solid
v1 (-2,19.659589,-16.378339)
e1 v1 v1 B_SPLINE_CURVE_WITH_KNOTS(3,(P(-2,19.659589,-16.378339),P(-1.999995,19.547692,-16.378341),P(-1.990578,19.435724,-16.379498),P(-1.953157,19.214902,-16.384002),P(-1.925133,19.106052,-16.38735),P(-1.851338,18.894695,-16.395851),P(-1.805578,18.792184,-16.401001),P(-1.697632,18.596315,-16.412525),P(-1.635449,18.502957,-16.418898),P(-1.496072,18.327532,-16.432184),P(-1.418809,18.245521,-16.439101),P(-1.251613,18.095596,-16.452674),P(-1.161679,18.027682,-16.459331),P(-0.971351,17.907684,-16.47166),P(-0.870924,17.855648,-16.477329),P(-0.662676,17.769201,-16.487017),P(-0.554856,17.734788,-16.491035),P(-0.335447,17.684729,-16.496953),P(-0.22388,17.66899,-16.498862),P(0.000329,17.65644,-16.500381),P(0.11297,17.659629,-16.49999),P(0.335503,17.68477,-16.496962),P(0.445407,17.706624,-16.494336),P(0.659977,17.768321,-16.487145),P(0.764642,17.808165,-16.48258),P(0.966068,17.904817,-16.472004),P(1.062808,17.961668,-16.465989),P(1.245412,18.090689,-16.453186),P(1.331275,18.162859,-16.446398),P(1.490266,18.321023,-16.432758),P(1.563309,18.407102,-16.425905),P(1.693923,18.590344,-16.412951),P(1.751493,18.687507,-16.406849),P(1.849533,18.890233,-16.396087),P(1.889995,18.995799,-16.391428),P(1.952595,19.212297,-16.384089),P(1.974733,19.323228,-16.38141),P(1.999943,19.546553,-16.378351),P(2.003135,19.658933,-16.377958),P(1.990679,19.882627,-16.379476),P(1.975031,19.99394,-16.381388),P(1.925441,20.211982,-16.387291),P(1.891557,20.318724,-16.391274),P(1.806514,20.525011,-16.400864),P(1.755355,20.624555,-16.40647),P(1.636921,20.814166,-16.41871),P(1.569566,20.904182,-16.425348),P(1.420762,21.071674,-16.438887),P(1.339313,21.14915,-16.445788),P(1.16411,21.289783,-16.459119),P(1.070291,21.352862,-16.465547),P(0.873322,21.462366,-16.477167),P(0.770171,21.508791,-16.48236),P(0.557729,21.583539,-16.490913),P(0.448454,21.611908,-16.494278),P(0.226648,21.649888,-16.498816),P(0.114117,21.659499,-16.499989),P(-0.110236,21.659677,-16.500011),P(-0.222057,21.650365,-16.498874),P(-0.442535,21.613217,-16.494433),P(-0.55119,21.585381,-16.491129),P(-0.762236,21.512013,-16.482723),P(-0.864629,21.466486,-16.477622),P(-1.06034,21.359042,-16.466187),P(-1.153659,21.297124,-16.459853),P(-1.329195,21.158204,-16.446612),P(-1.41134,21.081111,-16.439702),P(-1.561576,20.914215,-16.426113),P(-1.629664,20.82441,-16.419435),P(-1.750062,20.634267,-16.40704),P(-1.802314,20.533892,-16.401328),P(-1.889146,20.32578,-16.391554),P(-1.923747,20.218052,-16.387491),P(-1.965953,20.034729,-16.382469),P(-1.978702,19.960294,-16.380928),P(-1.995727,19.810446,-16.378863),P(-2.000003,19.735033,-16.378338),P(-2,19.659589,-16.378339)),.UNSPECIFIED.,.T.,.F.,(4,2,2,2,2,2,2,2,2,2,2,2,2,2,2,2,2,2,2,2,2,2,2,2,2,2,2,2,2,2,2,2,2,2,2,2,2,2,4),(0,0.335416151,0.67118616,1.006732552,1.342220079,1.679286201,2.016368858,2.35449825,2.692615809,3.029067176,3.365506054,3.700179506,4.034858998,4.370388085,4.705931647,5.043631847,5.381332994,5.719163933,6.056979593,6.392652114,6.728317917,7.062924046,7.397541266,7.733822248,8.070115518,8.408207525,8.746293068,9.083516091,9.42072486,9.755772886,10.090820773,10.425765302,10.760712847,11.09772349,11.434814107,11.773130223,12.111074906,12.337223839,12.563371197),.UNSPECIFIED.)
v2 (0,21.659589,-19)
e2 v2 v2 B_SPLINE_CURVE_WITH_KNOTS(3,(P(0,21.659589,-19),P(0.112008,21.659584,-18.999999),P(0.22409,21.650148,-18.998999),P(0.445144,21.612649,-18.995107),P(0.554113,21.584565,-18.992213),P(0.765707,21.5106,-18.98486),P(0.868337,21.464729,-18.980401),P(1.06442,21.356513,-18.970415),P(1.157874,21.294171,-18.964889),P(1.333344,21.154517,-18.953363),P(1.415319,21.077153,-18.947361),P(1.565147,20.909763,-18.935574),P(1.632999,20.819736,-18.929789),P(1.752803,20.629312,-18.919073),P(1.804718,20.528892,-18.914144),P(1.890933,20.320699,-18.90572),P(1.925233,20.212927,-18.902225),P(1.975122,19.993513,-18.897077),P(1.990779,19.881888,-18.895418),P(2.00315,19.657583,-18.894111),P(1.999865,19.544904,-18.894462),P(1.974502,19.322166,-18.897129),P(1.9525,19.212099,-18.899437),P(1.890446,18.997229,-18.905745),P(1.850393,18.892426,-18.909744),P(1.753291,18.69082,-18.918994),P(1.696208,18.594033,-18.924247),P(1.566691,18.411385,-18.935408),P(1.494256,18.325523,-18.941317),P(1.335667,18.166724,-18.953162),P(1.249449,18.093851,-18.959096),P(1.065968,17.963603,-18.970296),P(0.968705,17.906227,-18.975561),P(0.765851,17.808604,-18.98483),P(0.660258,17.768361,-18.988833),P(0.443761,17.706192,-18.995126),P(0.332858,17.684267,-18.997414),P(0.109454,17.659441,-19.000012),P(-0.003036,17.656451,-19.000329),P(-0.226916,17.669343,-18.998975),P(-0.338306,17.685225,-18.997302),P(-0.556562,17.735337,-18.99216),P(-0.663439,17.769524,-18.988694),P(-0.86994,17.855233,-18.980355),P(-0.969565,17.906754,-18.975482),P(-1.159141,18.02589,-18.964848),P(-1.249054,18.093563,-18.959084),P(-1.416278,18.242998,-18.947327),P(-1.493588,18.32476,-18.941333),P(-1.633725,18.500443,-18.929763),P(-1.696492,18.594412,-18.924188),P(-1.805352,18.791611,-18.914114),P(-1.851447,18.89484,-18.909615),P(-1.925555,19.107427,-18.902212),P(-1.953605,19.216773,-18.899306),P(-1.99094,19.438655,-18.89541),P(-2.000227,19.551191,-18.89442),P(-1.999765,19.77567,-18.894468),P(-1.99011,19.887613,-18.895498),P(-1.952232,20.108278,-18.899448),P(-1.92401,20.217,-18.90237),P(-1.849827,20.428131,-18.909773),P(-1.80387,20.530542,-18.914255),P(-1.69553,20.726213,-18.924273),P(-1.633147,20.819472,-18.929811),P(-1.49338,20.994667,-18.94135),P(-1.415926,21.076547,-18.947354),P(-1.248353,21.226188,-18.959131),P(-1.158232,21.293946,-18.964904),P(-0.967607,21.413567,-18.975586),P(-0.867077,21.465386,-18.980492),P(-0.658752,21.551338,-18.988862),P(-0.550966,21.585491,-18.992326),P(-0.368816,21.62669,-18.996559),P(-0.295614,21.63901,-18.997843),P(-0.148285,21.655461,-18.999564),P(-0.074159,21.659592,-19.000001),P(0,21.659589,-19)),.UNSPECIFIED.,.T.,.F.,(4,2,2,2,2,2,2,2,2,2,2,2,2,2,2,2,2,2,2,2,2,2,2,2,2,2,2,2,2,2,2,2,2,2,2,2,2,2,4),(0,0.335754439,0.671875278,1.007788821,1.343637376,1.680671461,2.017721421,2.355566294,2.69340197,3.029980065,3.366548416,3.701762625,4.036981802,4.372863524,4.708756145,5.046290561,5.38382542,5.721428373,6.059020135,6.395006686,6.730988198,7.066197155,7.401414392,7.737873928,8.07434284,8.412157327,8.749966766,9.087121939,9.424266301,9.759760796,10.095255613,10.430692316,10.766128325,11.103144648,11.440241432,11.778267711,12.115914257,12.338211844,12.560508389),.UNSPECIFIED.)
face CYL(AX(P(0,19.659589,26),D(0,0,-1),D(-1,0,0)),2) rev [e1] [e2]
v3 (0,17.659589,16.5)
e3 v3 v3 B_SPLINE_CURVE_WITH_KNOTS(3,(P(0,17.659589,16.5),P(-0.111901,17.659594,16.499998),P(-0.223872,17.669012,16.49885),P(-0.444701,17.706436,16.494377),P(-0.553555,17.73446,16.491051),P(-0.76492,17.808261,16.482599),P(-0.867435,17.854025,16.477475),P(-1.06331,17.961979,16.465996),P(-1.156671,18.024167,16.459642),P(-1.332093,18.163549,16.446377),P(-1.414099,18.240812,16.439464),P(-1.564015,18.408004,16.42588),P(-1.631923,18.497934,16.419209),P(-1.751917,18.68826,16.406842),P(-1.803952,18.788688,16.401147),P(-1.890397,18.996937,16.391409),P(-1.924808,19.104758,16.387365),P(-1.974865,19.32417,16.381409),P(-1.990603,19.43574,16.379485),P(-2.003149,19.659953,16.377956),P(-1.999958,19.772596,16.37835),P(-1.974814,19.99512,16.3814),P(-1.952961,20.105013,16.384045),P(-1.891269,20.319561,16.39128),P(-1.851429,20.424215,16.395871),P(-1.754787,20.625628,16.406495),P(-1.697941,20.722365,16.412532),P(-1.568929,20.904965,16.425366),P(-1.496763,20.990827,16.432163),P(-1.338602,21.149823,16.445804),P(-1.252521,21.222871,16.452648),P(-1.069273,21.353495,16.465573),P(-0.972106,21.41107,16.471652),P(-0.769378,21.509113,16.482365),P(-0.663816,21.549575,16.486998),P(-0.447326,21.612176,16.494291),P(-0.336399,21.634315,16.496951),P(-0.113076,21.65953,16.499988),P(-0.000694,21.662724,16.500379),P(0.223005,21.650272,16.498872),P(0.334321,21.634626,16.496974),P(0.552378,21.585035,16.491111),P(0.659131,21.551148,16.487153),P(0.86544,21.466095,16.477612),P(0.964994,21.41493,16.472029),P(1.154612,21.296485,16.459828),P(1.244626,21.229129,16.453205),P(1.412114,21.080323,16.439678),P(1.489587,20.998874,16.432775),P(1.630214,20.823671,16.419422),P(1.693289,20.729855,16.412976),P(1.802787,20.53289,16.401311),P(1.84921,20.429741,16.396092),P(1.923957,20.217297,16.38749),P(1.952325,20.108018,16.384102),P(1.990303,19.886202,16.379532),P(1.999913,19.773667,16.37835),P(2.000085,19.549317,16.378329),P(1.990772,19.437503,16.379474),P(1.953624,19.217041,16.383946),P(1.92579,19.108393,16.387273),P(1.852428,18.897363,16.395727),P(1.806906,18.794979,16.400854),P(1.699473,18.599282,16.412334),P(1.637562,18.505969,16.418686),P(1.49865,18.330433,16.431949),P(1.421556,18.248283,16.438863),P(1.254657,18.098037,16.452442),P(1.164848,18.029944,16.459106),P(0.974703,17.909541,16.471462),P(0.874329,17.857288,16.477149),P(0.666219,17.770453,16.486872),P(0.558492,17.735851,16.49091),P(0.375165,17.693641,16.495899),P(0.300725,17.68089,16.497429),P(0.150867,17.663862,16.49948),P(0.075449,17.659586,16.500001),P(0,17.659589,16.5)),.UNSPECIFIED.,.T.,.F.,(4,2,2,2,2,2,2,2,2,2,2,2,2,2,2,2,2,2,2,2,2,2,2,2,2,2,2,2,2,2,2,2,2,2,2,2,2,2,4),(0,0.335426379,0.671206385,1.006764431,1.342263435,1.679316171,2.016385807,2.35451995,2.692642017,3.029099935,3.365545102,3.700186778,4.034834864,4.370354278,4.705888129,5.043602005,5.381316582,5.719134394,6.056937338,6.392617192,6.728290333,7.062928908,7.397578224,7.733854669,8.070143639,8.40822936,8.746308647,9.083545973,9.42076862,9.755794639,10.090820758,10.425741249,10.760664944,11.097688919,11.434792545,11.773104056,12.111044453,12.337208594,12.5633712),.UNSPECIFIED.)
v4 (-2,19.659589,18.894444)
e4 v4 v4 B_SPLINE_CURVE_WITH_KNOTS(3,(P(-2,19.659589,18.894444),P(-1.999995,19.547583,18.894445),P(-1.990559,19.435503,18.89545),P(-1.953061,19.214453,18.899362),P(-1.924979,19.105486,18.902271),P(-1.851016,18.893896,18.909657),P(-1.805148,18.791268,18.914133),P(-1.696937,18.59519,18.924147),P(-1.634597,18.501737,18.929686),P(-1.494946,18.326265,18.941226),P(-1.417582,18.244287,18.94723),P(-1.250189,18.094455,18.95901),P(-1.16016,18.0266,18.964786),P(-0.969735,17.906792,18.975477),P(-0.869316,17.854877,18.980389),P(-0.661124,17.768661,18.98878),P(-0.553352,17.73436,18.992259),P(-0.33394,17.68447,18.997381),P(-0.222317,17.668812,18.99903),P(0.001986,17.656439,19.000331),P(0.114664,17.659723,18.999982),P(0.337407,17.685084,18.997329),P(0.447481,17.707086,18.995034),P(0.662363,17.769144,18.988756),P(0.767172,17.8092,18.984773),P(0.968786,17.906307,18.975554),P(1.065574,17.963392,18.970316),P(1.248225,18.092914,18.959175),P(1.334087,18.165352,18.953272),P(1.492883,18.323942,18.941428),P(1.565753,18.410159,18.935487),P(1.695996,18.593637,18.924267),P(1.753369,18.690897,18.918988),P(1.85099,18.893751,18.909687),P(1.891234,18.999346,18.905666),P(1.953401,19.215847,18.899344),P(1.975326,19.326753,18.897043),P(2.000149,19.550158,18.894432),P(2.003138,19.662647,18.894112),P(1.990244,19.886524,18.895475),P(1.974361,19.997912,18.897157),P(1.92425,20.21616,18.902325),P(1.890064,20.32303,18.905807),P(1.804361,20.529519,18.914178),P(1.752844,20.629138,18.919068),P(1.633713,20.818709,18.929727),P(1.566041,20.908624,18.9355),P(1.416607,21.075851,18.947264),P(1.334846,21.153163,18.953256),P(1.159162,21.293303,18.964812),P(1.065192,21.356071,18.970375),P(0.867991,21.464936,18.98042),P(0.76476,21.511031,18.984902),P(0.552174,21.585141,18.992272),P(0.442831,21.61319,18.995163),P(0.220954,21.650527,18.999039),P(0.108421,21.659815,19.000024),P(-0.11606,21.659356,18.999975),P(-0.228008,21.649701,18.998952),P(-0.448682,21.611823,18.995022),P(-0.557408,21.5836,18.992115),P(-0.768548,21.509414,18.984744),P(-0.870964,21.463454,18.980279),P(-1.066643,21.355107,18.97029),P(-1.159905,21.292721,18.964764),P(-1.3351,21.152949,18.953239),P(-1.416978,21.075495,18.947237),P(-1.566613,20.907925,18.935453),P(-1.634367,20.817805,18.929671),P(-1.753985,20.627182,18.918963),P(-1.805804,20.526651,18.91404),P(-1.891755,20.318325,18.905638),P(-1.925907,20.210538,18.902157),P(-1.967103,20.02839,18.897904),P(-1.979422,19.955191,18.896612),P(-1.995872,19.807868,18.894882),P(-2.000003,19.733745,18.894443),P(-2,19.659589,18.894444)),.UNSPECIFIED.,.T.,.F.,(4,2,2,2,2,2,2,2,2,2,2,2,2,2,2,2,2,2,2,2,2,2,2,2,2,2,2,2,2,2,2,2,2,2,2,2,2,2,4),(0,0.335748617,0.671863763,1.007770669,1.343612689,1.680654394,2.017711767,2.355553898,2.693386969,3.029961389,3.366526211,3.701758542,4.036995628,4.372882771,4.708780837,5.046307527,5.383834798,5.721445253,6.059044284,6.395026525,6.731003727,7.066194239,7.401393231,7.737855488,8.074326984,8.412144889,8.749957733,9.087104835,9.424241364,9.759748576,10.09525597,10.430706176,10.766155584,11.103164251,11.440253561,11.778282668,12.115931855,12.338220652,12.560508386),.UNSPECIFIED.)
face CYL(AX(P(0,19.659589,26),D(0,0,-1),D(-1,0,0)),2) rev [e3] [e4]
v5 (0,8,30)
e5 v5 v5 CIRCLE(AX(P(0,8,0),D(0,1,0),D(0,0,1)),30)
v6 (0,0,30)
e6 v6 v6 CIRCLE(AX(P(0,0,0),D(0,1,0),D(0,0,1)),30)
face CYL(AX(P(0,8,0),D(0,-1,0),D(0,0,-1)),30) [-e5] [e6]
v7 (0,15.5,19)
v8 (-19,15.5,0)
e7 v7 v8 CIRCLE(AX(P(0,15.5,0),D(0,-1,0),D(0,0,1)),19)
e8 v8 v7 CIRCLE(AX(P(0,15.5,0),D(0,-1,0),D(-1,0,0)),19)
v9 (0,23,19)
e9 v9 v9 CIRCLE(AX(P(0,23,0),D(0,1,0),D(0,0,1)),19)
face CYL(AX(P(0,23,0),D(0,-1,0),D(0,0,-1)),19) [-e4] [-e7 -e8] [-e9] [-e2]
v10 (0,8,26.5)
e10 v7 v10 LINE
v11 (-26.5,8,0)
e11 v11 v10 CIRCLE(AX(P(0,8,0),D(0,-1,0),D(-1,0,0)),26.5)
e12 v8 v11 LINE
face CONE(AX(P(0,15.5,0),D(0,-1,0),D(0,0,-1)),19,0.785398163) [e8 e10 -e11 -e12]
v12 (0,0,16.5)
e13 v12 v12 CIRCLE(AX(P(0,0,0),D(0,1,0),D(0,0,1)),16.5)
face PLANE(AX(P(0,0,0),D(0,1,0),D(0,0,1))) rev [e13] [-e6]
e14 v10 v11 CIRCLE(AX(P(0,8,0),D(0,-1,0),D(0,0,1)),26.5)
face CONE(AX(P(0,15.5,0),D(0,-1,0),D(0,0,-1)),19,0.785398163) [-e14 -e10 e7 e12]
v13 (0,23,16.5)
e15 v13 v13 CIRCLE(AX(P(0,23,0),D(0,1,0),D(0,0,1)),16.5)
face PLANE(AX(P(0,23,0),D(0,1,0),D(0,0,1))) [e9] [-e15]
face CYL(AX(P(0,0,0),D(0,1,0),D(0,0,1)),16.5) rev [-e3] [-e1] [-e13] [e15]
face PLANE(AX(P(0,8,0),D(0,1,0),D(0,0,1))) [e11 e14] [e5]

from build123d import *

# Parameters (mm, degrees)
SKETCH_1_R               = 30
EXTRUDE_1_DEPTH          = 8
SKETCH_2_R               = 16.5
CUT_EXTRUDE_1_DEPTH      = 8
EXTRUDE_START            = 15
SKETCH_3_R               = 19
SKETCH_3_R_2             = 16.5
EXTRUDE_2_DEPTH          = 15
CUT_EXTRUDE_2_DEPTH      = 26
CUT_EXTRUDE_2_DEPTH_BACK = 22
SKETCH_6_R               = 2


with BuildPart() as part:
    # 草图1 → 凸台-拉伸1 (new body)
    with BuildSketch(Plane(origin=(0, 0, 0), x_dir=(1, 0, 0), z_dir=(0, 1, 0))):
        with Locations(Location((0, 0, 0), (0, 0, 270))):
            Circle(SKETCH_1_R)
    extrude(amount=EXTRUDE_1_DEPTH)

    # 草图2 → 切除-拉伸1 (cut)
    with BuildSketch(Plane(origin=(0, 8, 0), x_dir=(1, 0, 0), z_dir=(0, 1, 0))):
        with Locations(Location((0, 0, 0), (0, 0, 270))):
            Circle(SKETCH_2_R)
    extrude(amount=-CUT_EXTRUDE_1_DEPTH, mode=Mode.SUBTRACT)

    # 草图3 → 凸台-拉伸2 (add)
    with BuildSketch(Plane(origin=(0, 8, 0), x_dir=(1, 0, 0), z_dir=(0, 1, 0)).offset(EXTRUDE_START)):
        with Locations(Location((0, 0, 0), (0, 0, 270))):
            Circle(SKETCH_3_R)
        with Locations(Location((0, 0, 0), (0, 0, 270))):
            Circle(SKETCH_3_R_2, mode=Mode.SUBTRACT)
    extrude(amount=-EXTRUDE_2_DEPTH)

    # 扫描1: sweep along a curve in space
    with BuildLine() as sweep_1_path:
        ThreePointArc((0, 8, 19), (13.435028843, 8, 13.435028843), (19, 8, 0))
        ThreePointArc((19, 8, 0), (13.435028843, 8, -13.435028843), (0, 8, -19))
        ThreePointArc((0, 8, -19), (-13.435028843, 8, -13.435028843), (-19, 8, 0))
        ThreePointArc((-19, 8, 0), (-13.435028843, 8, 13.435028843), (0, 8, 19))
    # 草图5 → 扫描1 (sweep)
    with BuildSketch(Plane.XY):
        Polygon((-19, 15.5), (-19, 8), (-26.5, 8), align=None)
    sweep(path=sweep_1_path.line)

    # 草图6 → 切除-拉伸2 (cut, two sides: drawn at the far end of the back side and taken through both)
    with BuildSketch(Plane.XY.offset(-CUT_EXTRUDE_2_DEPTH_BACK)):
        with Locations(Location((0, 19.65958907, 0), (0, 0, 180))):
            Circle(SKETCH_6_R)
    extrude(amount=CUT_EXTRUDE_2_DEPTH + CUT_EXTRUDE_2_DEPTH_BACK, mode=Mode.SUBTRACT)


solid = part.part
